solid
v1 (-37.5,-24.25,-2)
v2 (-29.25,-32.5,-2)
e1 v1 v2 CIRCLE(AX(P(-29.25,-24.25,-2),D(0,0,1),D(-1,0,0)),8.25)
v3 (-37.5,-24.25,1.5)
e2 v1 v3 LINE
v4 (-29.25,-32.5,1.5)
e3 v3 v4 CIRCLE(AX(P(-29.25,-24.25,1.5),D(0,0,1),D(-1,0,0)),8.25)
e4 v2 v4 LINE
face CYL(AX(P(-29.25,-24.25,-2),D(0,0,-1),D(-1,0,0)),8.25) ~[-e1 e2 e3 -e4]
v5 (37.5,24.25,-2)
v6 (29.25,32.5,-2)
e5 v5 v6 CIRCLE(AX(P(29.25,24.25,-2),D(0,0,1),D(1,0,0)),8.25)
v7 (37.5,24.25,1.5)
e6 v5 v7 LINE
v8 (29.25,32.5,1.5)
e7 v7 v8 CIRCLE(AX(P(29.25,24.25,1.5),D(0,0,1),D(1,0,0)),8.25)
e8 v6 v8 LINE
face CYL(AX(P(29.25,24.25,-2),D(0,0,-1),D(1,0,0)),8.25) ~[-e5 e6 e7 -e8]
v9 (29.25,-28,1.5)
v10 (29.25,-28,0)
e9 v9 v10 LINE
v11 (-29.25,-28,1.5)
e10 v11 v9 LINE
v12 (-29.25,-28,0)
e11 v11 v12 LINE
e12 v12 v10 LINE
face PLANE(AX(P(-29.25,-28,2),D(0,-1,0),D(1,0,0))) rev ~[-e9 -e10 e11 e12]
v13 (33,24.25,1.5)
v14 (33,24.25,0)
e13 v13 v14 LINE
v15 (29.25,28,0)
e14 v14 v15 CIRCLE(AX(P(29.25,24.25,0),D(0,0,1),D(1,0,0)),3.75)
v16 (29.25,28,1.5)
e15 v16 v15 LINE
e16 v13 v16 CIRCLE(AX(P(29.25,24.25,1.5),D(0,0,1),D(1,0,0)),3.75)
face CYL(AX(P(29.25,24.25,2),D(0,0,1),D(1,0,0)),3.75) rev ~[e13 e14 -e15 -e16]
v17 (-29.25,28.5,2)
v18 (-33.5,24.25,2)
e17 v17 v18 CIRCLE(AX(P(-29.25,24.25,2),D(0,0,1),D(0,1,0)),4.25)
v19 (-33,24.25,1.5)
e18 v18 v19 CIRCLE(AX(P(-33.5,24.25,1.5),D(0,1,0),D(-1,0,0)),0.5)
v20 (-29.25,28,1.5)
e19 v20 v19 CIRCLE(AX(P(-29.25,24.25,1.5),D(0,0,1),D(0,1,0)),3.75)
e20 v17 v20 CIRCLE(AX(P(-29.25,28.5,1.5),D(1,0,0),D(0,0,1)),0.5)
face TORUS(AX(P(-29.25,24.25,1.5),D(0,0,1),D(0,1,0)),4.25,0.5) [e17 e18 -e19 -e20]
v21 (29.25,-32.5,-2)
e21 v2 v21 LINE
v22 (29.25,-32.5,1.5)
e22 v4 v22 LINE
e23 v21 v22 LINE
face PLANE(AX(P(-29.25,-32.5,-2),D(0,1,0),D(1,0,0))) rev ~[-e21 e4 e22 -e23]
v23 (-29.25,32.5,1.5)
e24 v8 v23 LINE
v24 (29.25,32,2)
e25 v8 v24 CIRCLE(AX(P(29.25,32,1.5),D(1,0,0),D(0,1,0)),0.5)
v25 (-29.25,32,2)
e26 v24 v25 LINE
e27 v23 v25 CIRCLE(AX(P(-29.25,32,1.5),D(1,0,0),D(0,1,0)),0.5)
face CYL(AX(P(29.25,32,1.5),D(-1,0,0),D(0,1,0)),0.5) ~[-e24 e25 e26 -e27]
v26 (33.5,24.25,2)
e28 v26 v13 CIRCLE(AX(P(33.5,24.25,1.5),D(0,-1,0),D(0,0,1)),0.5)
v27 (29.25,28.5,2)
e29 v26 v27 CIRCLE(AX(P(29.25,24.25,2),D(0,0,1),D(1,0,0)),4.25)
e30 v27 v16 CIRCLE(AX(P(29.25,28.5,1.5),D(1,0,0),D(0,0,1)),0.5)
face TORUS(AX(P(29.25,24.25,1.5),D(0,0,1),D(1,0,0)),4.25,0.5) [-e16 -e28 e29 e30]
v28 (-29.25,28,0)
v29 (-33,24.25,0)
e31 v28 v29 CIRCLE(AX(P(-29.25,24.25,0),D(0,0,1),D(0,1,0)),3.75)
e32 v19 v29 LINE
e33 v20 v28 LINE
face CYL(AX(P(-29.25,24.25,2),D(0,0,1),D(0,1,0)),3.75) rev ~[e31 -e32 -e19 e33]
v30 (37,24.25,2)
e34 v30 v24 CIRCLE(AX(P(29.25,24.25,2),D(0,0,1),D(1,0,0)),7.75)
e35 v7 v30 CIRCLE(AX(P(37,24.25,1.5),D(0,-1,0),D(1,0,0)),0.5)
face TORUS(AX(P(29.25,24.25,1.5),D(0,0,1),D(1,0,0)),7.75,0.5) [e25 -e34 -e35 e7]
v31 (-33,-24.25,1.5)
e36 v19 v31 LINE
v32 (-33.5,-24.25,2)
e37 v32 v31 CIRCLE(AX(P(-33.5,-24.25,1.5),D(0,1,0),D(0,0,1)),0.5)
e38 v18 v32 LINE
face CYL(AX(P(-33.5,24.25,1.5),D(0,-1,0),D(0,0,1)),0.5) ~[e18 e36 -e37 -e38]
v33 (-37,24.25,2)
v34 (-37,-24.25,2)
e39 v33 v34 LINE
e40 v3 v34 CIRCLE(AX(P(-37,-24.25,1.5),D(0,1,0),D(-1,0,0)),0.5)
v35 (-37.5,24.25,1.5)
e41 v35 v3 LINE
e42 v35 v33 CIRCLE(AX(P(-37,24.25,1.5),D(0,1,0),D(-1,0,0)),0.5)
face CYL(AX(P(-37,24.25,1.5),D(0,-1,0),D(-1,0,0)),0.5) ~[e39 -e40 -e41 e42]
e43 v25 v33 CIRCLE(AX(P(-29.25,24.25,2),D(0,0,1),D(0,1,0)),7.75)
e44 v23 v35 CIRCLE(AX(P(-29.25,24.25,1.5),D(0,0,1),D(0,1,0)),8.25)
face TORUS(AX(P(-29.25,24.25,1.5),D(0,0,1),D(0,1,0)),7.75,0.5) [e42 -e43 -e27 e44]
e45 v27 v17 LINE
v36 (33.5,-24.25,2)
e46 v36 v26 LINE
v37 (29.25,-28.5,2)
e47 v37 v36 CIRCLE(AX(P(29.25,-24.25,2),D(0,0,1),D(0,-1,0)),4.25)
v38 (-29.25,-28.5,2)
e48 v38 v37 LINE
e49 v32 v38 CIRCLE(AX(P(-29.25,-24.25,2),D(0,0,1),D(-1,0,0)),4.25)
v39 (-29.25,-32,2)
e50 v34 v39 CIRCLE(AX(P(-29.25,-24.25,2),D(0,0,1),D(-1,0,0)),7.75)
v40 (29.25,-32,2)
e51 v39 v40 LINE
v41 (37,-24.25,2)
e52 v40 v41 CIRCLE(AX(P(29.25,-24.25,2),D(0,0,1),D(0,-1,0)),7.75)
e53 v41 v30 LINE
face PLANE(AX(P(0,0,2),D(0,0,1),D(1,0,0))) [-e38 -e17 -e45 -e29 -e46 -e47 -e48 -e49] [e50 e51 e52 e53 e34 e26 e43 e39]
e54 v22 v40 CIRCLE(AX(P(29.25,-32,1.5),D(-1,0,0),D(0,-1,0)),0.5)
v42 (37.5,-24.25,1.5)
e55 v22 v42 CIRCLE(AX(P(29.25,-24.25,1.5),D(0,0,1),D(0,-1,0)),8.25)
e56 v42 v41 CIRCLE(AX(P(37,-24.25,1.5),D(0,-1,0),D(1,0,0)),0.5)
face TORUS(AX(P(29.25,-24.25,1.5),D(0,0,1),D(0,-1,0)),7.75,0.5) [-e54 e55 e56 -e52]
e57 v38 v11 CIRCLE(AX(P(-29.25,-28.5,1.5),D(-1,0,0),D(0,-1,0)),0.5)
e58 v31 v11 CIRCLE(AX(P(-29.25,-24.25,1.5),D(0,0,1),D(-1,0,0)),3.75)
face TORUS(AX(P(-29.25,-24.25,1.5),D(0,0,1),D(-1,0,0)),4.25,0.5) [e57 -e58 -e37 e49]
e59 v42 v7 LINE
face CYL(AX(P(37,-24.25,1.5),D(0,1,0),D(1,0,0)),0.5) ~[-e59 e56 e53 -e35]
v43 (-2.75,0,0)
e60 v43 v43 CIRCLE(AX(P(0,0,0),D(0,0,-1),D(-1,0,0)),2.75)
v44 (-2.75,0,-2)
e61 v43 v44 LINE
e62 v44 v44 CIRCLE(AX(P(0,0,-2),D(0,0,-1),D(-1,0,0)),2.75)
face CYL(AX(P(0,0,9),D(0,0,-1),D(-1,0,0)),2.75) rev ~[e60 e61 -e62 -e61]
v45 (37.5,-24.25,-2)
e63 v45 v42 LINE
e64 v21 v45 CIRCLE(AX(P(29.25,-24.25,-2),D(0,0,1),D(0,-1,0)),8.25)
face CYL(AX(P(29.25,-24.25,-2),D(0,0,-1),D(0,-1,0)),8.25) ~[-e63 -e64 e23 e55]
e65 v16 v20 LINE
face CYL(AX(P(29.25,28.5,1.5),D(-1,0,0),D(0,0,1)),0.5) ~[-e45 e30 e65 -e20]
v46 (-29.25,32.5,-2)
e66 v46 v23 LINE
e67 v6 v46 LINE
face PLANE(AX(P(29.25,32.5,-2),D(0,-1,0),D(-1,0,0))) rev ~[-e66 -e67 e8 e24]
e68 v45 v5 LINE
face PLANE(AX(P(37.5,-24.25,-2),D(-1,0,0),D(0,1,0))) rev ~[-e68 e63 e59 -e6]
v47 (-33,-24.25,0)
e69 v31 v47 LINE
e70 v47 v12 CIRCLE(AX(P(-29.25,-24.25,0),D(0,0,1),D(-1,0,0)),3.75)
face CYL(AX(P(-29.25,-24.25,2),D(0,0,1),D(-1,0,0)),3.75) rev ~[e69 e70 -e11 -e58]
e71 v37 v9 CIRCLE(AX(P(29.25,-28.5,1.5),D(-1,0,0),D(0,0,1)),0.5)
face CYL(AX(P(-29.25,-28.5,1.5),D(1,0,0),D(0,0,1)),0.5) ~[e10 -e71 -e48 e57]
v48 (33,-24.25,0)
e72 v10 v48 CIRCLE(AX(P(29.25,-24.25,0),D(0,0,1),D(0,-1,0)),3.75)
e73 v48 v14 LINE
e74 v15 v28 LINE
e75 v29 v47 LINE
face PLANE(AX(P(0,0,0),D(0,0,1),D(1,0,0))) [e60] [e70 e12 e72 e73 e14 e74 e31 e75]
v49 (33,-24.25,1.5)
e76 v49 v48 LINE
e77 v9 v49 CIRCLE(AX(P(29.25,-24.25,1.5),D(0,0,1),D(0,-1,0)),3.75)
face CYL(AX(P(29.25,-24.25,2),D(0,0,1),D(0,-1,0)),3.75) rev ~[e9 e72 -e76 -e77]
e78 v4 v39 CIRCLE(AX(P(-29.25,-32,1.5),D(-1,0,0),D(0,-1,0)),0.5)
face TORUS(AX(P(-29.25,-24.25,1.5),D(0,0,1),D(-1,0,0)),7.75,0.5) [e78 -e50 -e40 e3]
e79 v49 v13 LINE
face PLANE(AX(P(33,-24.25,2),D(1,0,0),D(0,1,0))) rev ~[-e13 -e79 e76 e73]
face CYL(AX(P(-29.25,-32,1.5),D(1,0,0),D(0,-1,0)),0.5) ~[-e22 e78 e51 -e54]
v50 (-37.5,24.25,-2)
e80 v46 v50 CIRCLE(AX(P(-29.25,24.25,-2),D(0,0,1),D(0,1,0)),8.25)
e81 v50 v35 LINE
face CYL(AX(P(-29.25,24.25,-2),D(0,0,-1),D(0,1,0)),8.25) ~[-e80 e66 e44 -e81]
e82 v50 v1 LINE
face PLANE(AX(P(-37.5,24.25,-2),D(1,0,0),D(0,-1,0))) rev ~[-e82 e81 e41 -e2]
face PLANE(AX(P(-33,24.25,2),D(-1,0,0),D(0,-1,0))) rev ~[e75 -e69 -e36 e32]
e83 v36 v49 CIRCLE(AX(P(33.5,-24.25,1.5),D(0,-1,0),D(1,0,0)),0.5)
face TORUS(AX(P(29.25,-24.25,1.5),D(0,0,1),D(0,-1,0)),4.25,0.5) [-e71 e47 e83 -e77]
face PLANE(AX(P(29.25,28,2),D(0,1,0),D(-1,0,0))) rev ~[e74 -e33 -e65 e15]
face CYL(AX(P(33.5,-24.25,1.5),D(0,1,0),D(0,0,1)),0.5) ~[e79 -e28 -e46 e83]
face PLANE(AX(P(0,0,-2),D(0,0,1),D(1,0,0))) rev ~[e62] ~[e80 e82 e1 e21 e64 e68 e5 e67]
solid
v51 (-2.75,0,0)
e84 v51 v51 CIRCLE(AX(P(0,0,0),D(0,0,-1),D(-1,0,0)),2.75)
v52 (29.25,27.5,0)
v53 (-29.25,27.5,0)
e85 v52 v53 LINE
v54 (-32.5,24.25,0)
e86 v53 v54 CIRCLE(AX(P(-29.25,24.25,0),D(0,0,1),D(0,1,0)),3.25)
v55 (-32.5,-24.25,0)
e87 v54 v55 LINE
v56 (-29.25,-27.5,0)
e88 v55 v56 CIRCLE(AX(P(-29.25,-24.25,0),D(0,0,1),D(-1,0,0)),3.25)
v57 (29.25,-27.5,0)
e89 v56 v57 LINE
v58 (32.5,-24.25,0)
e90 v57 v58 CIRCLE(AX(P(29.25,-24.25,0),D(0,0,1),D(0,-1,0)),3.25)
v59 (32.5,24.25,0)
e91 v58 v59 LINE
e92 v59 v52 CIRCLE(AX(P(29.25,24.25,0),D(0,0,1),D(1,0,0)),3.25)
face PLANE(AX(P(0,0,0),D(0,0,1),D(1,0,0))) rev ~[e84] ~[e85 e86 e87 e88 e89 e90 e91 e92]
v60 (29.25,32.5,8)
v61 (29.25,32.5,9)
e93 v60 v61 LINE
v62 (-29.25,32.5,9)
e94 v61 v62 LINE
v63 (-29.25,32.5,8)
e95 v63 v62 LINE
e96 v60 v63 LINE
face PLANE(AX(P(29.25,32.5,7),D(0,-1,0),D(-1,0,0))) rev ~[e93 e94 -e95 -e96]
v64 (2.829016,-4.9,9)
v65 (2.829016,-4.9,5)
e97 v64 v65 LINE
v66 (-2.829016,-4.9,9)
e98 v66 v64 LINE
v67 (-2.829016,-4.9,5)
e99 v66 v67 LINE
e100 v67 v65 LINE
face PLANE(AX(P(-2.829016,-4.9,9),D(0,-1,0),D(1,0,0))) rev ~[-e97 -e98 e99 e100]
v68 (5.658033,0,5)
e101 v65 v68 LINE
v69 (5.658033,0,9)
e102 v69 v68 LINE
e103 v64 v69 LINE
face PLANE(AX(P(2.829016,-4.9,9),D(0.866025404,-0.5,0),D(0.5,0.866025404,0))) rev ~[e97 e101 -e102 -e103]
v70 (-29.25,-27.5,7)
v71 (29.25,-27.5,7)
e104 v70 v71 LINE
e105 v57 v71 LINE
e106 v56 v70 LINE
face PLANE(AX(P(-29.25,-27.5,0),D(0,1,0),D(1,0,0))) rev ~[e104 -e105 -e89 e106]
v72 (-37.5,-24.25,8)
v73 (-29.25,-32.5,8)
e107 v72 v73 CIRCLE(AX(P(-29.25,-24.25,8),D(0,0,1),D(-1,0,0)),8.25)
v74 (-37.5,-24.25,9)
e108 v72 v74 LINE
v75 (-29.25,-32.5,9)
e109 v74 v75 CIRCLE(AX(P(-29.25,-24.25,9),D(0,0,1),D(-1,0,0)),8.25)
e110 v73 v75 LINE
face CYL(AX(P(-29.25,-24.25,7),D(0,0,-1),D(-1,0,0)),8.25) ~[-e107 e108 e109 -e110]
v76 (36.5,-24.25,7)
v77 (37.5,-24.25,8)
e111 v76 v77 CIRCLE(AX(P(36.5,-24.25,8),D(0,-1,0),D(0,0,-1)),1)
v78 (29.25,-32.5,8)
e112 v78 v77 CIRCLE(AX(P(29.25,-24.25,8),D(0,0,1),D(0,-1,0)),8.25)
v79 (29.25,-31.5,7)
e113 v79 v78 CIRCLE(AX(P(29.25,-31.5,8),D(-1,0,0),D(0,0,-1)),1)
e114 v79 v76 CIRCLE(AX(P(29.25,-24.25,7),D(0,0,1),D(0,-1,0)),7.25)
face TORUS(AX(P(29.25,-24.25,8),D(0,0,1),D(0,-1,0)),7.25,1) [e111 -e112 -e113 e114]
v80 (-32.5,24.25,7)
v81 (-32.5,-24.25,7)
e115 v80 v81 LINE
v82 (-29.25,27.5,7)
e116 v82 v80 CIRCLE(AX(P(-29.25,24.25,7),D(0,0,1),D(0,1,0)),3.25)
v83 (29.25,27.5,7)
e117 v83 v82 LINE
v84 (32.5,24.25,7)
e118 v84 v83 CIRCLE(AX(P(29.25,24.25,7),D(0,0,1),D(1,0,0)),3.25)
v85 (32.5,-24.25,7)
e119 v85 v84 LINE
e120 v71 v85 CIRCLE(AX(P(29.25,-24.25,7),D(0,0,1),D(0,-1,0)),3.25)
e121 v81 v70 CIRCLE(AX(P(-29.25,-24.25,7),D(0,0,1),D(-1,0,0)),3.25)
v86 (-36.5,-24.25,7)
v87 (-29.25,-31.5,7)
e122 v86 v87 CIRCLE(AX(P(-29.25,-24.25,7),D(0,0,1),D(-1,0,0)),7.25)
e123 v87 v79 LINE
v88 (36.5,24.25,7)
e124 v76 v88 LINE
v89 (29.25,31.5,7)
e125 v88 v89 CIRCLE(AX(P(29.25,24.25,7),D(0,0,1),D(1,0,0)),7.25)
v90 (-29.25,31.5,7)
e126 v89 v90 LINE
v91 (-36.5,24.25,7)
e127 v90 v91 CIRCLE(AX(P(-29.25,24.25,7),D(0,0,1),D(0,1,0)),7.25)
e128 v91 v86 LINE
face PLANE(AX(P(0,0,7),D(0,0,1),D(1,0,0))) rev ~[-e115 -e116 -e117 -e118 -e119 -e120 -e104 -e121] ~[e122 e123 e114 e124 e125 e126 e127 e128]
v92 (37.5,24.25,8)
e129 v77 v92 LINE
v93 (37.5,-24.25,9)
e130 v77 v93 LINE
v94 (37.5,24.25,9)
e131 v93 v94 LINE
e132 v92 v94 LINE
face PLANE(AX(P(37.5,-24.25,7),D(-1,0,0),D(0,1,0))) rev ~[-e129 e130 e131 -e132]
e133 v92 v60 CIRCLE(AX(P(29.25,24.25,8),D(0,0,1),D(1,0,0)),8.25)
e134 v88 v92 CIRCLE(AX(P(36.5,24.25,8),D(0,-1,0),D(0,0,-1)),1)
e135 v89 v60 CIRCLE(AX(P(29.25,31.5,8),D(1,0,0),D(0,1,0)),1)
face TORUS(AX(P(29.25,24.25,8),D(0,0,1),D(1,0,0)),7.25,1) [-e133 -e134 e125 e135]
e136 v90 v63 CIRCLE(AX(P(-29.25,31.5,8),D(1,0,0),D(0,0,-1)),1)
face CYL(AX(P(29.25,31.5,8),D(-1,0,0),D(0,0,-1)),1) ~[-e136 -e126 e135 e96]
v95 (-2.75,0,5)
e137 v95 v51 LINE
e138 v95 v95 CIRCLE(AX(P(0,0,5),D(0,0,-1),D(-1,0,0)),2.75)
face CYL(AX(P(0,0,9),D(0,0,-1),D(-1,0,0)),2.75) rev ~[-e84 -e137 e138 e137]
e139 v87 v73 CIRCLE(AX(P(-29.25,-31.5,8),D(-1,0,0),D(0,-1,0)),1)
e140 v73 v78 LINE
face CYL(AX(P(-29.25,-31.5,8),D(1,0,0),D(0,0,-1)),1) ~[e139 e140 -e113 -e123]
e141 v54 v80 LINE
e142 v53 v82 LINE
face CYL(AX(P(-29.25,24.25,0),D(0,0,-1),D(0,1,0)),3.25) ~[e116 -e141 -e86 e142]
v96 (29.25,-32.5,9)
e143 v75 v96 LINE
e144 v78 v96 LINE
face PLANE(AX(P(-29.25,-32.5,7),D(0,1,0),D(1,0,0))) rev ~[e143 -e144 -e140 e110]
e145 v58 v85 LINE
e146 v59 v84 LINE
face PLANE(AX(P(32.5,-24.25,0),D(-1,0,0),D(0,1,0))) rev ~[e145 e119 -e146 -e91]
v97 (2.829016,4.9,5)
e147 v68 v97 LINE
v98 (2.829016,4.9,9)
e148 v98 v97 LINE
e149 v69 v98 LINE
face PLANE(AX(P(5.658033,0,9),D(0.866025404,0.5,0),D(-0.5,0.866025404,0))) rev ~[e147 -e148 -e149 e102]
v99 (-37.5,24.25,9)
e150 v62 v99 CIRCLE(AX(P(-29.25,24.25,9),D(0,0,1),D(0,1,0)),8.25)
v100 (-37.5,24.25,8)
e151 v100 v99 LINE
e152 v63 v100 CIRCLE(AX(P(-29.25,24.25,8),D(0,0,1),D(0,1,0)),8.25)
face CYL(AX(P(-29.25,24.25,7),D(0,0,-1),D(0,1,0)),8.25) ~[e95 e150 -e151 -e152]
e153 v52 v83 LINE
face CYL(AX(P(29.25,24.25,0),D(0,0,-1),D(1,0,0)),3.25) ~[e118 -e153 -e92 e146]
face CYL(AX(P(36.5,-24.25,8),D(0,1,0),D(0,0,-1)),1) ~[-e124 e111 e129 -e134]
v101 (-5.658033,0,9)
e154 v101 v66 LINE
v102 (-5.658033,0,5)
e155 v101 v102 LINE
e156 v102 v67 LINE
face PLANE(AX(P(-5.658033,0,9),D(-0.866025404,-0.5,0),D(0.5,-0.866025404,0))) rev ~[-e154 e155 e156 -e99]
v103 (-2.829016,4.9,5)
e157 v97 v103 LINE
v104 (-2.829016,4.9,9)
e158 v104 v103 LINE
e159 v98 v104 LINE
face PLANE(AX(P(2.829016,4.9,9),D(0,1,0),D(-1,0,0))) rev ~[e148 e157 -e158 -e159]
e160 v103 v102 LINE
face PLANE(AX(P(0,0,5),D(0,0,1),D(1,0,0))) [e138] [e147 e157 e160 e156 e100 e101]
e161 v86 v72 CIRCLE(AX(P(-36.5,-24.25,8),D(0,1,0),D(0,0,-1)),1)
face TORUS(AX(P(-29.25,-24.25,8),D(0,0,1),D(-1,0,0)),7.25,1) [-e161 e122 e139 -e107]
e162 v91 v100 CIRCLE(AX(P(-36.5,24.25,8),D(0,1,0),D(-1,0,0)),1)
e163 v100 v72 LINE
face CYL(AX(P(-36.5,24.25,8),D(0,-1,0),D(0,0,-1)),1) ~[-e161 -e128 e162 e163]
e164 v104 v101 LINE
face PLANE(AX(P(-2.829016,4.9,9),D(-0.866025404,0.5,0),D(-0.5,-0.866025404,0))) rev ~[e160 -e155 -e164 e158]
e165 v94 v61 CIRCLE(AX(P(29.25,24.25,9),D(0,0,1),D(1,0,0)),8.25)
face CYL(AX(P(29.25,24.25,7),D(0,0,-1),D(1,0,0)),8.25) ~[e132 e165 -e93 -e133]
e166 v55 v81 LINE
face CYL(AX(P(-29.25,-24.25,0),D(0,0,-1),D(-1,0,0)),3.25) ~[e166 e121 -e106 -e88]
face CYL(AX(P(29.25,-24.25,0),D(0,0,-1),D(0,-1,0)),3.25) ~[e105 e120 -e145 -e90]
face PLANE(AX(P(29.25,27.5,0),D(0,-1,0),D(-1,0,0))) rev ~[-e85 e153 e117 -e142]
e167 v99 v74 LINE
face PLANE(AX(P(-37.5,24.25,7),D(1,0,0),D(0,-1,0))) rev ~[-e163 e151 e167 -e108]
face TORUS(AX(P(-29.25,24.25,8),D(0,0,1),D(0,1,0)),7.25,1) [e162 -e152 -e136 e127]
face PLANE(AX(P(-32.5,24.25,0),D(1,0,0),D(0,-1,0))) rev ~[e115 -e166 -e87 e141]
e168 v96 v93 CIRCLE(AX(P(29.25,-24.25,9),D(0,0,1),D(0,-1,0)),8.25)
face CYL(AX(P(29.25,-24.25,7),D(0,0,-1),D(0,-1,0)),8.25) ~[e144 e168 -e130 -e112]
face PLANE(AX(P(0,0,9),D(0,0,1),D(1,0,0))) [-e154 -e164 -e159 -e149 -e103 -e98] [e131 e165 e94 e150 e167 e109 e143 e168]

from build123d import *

# Parameters (mm, degrees)
F1_DEPTH          = 7
F3_DEPTH          = 2
F4_DEPTH          = 4
F7_DEPTH          = 2
F8_R              = 0.5
F10_D             = 5.5
F10_CBORE_D       = 6.5
F10_CBORE_DEPTH   = 3
F10_2_D           = 5.5
F10_2_CBORE_D     = 6.5
F10_2_CBORE_DEPTH = 3
F11_DEPTH         = 4
F12_R             = 1


with BuildPart() as f1:
    # F0 (on Top) → F1 (new body)
    with BuildSketch(Plane.XY):
        with BuildLine():
            Line((29.25, 27.5), (-29.25, 27.5))
            ThreePointArc((-29.25, 27.5), (-31.5480970389, 26.5480970389), (-32.5, 24.25))
            Line((-32.5, 24.25), (-32.5, -24.25))
            ThreePointArc((-32.5, -24.25), (-31.5480970389, -26.5480970389), (-29.25, -27.5))
            Line((-29.25, -27.5), (29.25, -27.5))
            ThreePointArc((29.25, -27.5), (31.5480970389, -26.5480970389), (32.5, -24.25))
            Line((32.5, -24.25), (32.5, 24.25))
            ThreePointArc((32.5, 24.25), (31.5480970389, 26.5480970389), (29.25, 27.5))
        make_face()
    extrude(amount=F1_DEPTH)

    # F2 (on face) → F3 (join)
    with BuildSketch(Plane.XY.offset(7)):
        with BuildLine():
            Line((29.25, 32.5), (-29.25, 32.5))
            ThreePointArc((-29.25, 32.5), (-35.0836309448, 30.0836309448), (-37.5, 24.25))
            Line((-37.5, 24.25), (-37.5, -24.25))
            ThreePointArc((-37.5, -24.25), (-35.0836309448, -30.0836309448), (-29.25, -32.5))
            Line((-29.25, -32.5), (29.25, -32.5))
            ThreePointArc((29.25, -32.5), (35.0836309448, -30.0836309448), (37.5, -24.25))
            Line((37.5, -24.25), (37.5, 24.25))
            ThreePointArc((37.5, 24.25), (35.0836309448, 30.0836309448), (29.25, 32.5))
        make_face()
    extrude(amount=F3_DEPTH)

    # F10 (through all)
    with Locations(Plane.XY.offset(9)):
        with Locations((0, 0)):
            CounterBoreHole(F10_D / 2, F10_CBORE_D / 2, F10_CBORE_DEPTH)

    # F9 (on face) → F11 (cut)
    with BuildSketch(Plane.XY.offset(9)):
        Polygon((-2.829016319, -4.9), (2.829016319, -4.9), (5.6580326381, 0), (2.829016319, 4.9), (-2.829016319, 4.9), (-5.6580326381, 0), align=None)
    extrude(amount=-F11_DEPTH, mode=Mode.SUBTRACT)

    # F12
    f12_edges = [f1.edges().sort_by_distance(p)[0] for p in [
        (37.5, 0, 7),
        (35.083631, -30.083631, 7),
        (0, -32.5, 7),
        (-35.083631, -30.083631, 7),
        (-37.5, 0, 7),
        (-35.083631, 30.083631, 7),
        (0, 32.5, 7),
        (35.083631, 30.083631, 7),
    ]]
    fillet(f12_edges, radius=F12_R)


with BuildPart() as f4:
    # F2 (on face) → F4 (new body)
    with BuildSketch(Plane.XY.offset(7)):
        with BuildLine():
            Line((29.25, 32.5), (-29.25, 32.5))
            ThreePointArc((-29.25, 32.5), (-35.0836309448, 30.0836309448), (-37.5, 24.25))
            Line((-37.5, 24.25), (-37.5, -24.25))
            ThreePointArc((-37.5, -24.25), (-35.0836309448, -30.0836309448), (-29.25, -32.5))
            Line((-29.25, -32.5), (29.25, -32.5))
            ThreePointArc((29.25, -32.5), (35.0836309448, -30.0836309448), (37.5, -24.25))
            Line((37.5, -24.25), (37.5, 24.25))
            ThreePointArc((37.5, 24.25), (35.0836309448, 30.0836309448), (29.25, 32.5))
        make_face()
    extrude(amount=F4_DEPTH)


with BuildPart() as f4_1:
    # F5: moved
    add(f4.part.moved(Location((0, 0, -9))))

    # F6 (on face) → F7 (cut)
    with BuildSketch(Plane.XY.offset(2)):
        with BuildLine():
            Line((29.25, 28), (-29.25, 28))
            ThreePointArc((-29.25, 28), (-31.9016504294, 26.9016504294), (-33, 24.25))
            Line((-33, 24.25), (-33, -24.25))
            ThreePointArc((-33, -24.25), (-31.9016504294, -26.9016504294), (-29.25, -28))
            Line((-29.25, -28), (29.25, -28))
            ThreePointArc((29.25, -28), (31.9016504294, -26.9016504294), (33, -24.25))
            Line((33, -24.25), (33, 24.25))
            ThreePointArc((33, 24.25), (31.9016504294, 26.9016504294), (29.25, 28))
        make_face()
    extrude(amount=-F7_DEPTH, mode=Mode.SUBTRACT)

    # F8
    f8_edges = [f4_1.edges().sort_by_distance(p)[0] for p in [
        (0, 32.5, 2),
        (35.083631, 30.083631, 2),
        (-35.083631, 30.083631, 2),
        (37.5, 0, 2),
        (-37.5, 0, 2),
        (35.083631, -30.083631, 2),
        (-35.083631, -30.083631, 2),
        (0, -32.5, 2),
        (0, 28, 2),
        (-31.90165, 26.90165, 2),
        (-33, 0, 2),
        (-31.90165, -26.90165, 2),
        (0, -28, 2),
        (31.90165, -26.90165, 2),
        (33, 0, 2),
        (31.90165, 26.90165, 2),
    ]]
    fillet(f8_edges, radius=F8_R)

    # F10#2 (through all)
    with Locations(Plane.XY.offset(9)):
        with Locations((0, 0)):
            CounterBoreHole(F10_2_D / 2, F10_2_CBORE_D / 2, F10_2_CBORE_DEPTH)


solid = Compound([f1.part, f4_1.part])
